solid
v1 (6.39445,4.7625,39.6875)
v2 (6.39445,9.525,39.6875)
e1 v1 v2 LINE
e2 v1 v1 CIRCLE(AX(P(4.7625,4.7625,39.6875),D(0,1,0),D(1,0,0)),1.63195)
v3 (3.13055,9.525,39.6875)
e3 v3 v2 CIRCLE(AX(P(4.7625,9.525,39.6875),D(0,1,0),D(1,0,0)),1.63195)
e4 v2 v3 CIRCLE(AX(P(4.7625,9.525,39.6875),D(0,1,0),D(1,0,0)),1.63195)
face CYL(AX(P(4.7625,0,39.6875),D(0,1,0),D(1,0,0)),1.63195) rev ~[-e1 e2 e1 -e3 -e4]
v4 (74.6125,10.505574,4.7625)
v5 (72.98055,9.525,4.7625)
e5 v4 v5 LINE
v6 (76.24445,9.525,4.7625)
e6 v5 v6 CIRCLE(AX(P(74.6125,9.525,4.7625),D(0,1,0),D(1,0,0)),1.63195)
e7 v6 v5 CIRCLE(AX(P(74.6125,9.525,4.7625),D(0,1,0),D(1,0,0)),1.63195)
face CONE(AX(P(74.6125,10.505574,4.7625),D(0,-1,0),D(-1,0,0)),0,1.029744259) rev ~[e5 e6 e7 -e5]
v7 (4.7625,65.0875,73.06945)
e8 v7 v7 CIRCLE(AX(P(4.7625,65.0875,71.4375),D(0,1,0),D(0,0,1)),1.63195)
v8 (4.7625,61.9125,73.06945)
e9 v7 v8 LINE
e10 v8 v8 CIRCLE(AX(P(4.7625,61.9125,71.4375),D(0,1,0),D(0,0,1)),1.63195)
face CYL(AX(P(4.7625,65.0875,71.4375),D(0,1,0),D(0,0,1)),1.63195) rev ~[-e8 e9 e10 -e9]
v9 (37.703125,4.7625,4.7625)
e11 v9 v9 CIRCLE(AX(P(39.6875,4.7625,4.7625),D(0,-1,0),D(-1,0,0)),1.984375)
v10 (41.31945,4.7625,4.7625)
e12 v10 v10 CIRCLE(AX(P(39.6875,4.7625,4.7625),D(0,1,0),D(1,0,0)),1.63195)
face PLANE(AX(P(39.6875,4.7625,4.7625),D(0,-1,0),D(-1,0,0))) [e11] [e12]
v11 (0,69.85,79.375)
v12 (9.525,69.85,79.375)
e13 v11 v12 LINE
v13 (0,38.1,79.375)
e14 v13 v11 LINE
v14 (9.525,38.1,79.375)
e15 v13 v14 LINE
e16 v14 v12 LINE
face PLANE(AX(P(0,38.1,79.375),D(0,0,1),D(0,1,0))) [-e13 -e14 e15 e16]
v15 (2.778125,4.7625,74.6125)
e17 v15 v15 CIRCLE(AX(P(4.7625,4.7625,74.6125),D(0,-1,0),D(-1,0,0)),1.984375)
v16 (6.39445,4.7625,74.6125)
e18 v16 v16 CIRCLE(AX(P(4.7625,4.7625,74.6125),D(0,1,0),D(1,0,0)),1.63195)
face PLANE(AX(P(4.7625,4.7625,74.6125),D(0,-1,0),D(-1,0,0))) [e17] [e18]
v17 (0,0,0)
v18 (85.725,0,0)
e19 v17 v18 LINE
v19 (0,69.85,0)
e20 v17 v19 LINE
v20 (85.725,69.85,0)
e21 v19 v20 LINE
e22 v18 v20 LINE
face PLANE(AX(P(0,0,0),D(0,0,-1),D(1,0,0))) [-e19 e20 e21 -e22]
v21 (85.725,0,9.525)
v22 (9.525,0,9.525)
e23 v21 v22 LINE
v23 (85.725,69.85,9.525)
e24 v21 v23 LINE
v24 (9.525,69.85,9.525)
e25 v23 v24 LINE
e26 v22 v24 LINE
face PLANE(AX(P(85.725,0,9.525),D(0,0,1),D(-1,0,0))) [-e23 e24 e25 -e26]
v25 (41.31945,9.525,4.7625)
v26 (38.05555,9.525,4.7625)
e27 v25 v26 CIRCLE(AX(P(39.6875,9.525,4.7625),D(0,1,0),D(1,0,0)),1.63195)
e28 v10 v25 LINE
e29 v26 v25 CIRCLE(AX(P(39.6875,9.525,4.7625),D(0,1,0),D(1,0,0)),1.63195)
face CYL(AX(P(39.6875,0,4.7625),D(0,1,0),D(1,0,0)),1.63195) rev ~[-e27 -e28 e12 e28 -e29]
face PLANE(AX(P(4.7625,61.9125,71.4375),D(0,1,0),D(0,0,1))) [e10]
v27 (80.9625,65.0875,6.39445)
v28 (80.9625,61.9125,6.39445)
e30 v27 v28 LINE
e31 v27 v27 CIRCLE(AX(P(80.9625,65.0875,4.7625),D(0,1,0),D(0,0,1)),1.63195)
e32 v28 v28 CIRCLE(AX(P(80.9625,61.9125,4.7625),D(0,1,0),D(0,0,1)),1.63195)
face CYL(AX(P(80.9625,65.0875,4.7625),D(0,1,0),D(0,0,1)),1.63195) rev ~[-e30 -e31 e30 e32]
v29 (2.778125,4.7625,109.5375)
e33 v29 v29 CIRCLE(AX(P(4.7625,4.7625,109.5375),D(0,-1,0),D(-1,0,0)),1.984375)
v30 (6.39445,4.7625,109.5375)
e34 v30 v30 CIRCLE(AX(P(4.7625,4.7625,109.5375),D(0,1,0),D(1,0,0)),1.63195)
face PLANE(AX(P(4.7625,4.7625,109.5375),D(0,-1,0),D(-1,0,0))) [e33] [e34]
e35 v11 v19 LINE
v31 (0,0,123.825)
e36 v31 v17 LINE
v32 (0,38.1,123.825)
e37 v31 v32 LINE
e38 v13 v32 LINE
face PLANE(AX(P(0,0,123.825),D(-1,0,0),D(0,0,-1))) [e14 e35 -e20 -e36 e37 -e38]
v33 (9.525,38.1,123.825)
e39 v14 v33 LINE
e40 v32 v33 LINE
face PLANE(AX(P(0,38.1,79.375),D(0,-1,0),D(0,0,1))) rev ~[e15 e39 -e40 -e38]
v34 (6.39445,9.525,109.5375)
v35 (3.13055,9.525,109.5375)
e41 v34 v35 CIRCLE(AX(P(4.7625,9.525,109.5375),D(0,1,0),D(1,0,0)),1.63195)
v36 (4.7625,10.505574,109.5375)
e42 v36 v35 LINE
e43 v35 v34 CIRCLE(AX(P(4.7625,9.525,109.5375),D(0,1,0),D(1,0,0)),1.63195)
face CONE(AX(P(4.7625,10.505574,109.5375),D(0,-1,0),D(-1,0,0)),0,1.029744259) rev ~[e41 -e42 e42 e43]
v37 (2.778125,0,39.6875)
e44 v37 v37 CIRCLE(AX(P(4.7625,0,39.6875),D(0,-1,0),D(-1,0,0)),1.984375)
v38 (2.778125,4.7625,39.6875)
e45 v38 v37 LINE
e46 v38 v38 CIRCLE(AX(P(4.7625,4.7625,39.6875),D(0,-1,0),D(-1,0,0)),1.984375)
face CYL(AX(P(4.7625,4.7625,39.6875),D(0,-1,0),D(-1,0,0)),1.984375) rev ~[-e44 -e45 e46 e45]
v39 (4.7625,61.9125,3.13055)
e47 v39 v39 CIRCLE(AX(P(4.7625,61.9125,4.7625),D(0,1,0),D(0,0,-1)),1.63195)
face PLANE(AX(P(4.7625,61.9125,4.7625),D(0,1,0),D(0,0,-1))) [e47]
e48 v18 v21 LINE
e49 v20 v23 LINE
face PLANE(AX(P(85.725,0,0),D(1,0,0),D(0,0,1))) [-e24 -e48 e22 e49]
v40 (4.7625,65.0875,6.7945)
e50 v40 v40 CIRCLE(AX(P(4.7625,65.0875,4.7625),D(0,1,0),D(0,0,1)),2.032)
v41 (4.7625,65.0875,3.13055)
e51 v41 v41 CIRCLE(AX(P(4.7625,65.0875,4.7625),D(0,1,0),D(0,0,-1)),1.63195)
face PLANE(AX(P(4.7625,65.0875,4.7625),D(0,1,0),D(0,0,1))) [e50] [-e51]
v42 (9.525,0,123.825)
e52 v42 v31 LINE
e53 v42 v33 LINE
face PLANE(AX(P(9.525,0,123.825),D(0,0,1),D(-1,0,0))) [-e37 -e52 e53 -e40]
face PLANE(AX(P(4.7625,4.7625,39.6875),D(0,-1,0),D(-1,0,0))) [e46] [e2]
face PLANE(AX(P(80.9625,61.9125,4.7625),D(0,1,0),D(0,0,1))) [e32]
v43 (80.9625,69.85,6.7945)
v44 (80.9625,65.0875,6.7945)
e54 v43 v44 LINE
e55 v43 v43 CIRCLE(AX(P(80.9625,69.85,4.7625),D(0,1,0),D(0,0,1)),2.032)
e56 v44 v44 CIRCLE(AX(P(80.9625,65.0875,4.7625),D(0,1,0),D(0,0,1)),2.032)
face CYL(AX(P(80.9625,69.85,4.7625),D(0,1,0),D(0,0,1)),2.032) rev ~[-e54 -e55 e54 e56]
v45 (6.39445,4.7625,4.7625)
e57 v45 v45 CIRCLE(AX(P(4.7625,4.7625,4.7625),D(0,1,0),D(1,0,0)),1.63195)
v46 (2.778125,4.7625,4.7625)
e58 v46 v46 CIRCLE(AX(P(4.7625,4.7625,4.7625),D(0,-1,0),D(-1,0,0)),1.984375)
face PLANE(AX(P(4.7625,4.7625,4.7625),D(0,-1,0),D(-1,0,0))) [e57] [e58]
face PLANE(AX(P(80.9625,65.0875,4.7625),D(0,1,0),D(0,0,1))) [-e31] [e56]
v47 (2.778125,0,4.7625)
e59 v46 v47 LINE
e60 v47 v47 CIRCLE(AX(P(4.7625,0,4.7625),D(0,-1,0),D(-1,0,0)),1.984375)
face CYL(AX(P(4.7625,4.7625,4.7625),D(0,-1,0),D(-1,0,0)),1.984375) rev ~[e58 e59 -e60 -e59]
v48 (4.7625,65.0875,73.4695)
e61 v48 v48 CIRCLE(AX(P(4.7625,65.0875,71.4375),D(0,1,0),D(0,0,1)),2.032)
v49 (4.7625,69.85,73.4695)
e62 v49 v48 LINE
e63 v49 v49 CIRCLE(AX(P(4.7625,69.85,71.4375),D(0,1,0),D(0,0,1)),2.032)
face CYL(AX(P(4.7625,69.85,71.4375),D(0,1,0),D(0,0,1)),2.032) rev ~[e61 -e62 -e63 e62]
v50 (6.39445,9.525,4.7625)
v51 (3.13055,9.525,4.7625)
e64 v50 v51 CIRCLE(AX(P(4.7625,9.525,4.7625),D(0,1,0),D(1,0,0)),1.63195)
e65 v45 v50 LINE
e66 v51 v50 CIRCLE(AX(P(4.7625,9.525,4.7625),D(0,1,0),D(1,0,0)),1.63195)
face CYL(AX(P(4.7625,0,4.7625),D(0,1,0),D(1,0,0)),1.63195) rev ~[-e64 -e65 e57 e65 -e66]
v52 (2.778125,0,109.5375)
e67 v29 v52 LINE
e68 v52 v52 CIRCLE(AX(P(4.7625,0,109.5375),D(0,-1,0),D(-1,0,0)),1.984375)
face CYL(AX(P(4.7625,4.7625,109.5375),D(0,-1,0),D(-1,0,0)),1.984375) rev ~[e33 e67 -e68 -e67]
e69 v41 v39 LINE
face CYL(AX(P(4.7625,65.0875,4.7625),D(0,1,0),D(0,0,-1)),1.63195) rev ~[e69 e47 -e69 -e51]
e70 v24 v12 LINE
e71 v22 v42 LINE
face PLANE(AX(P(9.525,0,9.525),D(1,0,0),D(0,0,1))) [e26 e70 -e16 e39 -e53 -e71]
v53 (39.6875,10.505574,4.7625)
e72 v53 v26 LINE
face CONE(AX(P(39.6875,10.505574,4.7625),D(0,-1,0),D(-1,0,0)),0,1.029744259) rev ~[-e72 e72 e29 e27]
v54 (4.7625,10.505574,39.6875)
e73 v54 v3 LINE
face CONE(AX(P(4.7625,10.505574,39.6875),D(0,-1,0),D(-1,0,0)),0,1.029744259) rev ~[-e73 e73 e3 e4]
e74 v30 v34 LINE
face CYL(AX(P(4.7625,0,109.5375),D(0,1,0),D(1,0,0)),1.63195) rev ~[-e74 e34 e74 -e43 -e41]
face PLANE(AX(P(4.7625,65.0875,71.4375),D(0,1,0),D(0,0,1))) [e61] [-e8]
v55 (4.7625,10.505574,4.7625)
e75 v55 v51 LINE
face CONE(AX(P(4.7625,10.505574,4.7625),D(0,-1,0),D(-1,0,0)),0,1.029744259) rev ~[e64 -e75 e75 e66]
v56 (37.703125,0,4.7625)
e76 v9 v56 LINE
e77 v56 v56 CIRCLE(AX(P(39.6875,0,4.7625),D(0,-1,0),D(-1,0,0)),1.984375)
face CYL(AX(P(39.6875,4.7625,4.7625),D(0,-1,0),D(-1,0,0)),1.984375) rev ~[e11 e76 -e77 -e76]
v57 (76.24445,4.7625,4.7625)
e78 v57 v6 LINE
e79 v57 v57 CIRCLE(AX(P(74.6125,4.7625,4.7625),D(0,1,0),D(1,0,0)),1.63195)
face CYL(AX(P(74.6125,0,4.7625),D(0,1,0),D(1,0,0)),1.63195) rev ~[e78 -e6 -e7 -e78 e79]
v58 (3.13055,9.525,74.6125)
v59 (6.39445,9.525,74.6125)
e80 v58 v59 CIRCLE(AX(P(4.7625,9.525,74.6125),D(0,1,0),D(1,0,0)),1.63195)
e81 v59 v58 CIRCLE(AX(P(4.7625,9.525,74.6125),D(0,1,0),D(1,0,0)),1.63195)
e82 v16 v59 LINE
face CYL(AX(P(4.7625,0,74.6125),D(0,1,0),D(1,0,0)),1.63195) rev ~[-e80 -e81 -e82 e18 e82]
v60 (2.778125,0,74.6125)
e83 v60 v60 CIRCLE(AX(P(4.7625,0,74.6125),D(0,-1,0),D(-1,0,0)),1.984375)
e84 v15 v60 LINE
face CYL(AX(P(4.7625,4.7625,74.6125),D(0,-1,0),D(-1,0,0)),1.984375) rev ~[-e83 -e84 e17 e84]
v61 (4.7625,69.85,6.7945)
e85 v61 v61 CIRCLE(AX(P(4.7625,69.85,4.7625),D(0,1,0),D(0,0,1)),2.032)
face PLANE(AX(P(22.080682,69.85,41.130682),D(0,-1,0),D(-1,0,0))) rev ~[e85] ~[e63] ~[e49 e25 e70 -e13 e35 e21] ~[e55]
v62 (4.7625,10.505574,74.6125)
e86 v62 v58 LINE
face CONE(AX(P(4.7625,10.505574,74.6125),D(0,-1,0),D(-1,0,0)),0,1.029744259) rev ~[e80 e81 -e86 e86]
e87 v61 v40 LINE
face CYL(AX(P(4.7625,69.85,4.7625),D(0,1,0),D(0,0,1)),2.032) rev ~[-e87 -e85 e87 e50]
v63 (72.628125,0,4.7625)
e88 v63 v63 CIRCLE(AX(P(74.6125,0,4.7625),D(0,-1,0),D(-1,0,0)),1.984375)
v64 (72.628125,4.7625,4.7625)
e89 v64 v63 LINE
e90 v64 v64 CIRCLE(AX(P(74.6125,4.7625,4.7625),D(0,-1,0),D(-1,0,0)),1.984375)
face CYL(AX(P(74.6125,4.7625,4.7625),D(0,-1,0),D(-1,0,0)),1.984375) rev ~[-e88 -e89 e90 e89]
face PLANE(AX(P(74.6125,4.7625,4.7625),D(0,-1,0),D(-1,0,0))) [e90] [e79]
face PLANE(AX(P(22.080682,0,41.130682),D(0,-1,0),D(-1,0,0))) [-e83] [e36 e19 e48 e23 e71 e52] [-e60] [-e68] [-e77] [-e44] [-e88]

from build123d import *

# Parameters (mm, degrees)
BOSS_EXTRUDE1_DEPTH                            = 69.85
CBORE_FOR_4_SOCKET_HEAD_CAP_SCREW1_D           = 3.2639
CBORE_FOR_4_SOCKET_HEAD_CAP_SCREW1_DEPTH       = 9.525
CBORE_FOR_4_SOCKET_HEAD_CAP_SCREW1_CBORE_D     = 3.96875
CBORE_FOR_4_SOCKET_HEAD_CAP_SCREW1_CBORE_DEPTH = 4.7625
CBORE_FOR_4_SOCKET_HEAD_CAP_SCREW1_TIP         = 0.980574487
SKETCH4_R                                      = 2.032
CUT_EXTRUDE1_DEPTH                             = 4.7625
SKETCH5_R                                      = 1.63195
CUT_EXTRUDE2_DEPTH                             = 3.175
CUT_EXTRUDE3_REACH                             = 168.013
SKETCH6_W                                      = 44.45
SKETCH6_H                                      = 31.75


with BuildPart() as part:
    # Sketch1 → Boss-Extrude1 (new body)
    with BuildSketch(Plane(origin=(0, 0, 0), x_dir=(1, 0, 0), z_dir=(0, 1, 0))):
        Polygon((0, 0), (85.725, 0), (85.725, -9.525), (9.525, -9.525), (9.525, -123.825), (0, -123.825), align=None)
    extrude(amount=BOSS_EXTRUDE1_DEPTH)

    # CBORE for #4 Socket Head Cap Screw1
    with Locations(Plane(origin=(0, 0, 0), x_dir=(-1, 0, 0), z_dir=(0, -1, 0))):
        with Locations((-4.7625, -4.7625), (-4.7625, -39.6875), (-4.7625, -74.6125), (-39.6875, -4.7625), (-74.6125, -4.7625), (-4.7625, -109.5375)):
            CounterBoreHole(CBORE_FOR_4_SOCKET_HEAD_CAP_SCREW1_D / 2, CBORE_FOR_4_SOCKET_HEAD_CAP_SCREW1_CBORE_D / 2, CBORE_FOR_4_SOCKET_HEAD_CAP_SCREW1_CBORE_DEPTH, depth=CBORE_FOR_4_SOCKET_HEAD_CAP_SCREW1_DEPTH)
            with Locations((0, 0, -(CBORE_FOR_4_SOCKET_HEAD_CAP_SCREW1_DEPTH + CBORE_FOR_4_SOCKET_HEAD_CAP_SCREW1_TIP / 2))):  # 118° drill point
                Cone(0, CBORE_FOR_4_SOCKET_HEAD_CAP_SCREW1_D / 2, CBORE_FOR_4_SOCKET_HEAD_CAP_SCREW1_TIP, mode=Mode.SUBTRACT)

    # Sketch4 → Cut-Extrude1 (cut)
    with BuildSketch(Plane(origin=(0, 69.85, 0), x_dir=(1, 0, 0), z_dir=(0, 1, 0))):
        with Locations(Location((4.7625, -4.7625, 0), (0, 0, 270))):
            Circle(SKETCH4_R)
        with Locations(Location((80.9625, -4.7625, 0), (0, 0, 270))):
            Circle(SKETCH4_R)
        with Locations(Location((4.7625, -71.4375, 0), (0, 0, 270))):
            Circle(SKETCH4_R)
    extrude(amount=-CUT_EXTRUDE1_DEPTH, mode=Mode.SUBTRACT)

    # Sketch5 → Cut-Extrude2 (cut)
    with BuildSketch(Plane(origin=(0, 65.0875, 0), x_dir=(1, 0, 0), z_dir=(0, 1, 0))):
        with Locations(Location((4.7625, -4.7625, 0), (0, 0, 90))):
            Circle(SKETCH5_R)
        with Locations(Location((80.9625, -4.7625, 0), (0, 0, 270))):
            Circle(SKETCH5_R)
        with Locations(Location((4.7625, -71.4375, 0), (0, 0, 270))):
            Circle(SKETCH5_R)
    extrude(amount=-CUT_EXTRUDE2_DEPTH, mode=Mode.SUBTRACT)

    # Sketch6 → Cut-Extrude3 (cut, up to next)
    with BuildSketch(Plane.ZY, mode=Mode.PRIVATE) as cut_extrude3_sk1:
        with Locations((101.6, 53.975)):
            Rectangle(SKETCH6_W, SKETCH6_H)
    cut_extrude3_tool1 = extrude(cut_extrude3_sk1.sketch, amount=-CUT_EXTRUDE3_REACH, mode=Mode.PRIVATE) & part.part
    add(cut_extrude3_tool1.solids().sort_by_distance((0, 53.975, 101.6))[0], mode=Mode.SUBTRACT)


solid = part.part
